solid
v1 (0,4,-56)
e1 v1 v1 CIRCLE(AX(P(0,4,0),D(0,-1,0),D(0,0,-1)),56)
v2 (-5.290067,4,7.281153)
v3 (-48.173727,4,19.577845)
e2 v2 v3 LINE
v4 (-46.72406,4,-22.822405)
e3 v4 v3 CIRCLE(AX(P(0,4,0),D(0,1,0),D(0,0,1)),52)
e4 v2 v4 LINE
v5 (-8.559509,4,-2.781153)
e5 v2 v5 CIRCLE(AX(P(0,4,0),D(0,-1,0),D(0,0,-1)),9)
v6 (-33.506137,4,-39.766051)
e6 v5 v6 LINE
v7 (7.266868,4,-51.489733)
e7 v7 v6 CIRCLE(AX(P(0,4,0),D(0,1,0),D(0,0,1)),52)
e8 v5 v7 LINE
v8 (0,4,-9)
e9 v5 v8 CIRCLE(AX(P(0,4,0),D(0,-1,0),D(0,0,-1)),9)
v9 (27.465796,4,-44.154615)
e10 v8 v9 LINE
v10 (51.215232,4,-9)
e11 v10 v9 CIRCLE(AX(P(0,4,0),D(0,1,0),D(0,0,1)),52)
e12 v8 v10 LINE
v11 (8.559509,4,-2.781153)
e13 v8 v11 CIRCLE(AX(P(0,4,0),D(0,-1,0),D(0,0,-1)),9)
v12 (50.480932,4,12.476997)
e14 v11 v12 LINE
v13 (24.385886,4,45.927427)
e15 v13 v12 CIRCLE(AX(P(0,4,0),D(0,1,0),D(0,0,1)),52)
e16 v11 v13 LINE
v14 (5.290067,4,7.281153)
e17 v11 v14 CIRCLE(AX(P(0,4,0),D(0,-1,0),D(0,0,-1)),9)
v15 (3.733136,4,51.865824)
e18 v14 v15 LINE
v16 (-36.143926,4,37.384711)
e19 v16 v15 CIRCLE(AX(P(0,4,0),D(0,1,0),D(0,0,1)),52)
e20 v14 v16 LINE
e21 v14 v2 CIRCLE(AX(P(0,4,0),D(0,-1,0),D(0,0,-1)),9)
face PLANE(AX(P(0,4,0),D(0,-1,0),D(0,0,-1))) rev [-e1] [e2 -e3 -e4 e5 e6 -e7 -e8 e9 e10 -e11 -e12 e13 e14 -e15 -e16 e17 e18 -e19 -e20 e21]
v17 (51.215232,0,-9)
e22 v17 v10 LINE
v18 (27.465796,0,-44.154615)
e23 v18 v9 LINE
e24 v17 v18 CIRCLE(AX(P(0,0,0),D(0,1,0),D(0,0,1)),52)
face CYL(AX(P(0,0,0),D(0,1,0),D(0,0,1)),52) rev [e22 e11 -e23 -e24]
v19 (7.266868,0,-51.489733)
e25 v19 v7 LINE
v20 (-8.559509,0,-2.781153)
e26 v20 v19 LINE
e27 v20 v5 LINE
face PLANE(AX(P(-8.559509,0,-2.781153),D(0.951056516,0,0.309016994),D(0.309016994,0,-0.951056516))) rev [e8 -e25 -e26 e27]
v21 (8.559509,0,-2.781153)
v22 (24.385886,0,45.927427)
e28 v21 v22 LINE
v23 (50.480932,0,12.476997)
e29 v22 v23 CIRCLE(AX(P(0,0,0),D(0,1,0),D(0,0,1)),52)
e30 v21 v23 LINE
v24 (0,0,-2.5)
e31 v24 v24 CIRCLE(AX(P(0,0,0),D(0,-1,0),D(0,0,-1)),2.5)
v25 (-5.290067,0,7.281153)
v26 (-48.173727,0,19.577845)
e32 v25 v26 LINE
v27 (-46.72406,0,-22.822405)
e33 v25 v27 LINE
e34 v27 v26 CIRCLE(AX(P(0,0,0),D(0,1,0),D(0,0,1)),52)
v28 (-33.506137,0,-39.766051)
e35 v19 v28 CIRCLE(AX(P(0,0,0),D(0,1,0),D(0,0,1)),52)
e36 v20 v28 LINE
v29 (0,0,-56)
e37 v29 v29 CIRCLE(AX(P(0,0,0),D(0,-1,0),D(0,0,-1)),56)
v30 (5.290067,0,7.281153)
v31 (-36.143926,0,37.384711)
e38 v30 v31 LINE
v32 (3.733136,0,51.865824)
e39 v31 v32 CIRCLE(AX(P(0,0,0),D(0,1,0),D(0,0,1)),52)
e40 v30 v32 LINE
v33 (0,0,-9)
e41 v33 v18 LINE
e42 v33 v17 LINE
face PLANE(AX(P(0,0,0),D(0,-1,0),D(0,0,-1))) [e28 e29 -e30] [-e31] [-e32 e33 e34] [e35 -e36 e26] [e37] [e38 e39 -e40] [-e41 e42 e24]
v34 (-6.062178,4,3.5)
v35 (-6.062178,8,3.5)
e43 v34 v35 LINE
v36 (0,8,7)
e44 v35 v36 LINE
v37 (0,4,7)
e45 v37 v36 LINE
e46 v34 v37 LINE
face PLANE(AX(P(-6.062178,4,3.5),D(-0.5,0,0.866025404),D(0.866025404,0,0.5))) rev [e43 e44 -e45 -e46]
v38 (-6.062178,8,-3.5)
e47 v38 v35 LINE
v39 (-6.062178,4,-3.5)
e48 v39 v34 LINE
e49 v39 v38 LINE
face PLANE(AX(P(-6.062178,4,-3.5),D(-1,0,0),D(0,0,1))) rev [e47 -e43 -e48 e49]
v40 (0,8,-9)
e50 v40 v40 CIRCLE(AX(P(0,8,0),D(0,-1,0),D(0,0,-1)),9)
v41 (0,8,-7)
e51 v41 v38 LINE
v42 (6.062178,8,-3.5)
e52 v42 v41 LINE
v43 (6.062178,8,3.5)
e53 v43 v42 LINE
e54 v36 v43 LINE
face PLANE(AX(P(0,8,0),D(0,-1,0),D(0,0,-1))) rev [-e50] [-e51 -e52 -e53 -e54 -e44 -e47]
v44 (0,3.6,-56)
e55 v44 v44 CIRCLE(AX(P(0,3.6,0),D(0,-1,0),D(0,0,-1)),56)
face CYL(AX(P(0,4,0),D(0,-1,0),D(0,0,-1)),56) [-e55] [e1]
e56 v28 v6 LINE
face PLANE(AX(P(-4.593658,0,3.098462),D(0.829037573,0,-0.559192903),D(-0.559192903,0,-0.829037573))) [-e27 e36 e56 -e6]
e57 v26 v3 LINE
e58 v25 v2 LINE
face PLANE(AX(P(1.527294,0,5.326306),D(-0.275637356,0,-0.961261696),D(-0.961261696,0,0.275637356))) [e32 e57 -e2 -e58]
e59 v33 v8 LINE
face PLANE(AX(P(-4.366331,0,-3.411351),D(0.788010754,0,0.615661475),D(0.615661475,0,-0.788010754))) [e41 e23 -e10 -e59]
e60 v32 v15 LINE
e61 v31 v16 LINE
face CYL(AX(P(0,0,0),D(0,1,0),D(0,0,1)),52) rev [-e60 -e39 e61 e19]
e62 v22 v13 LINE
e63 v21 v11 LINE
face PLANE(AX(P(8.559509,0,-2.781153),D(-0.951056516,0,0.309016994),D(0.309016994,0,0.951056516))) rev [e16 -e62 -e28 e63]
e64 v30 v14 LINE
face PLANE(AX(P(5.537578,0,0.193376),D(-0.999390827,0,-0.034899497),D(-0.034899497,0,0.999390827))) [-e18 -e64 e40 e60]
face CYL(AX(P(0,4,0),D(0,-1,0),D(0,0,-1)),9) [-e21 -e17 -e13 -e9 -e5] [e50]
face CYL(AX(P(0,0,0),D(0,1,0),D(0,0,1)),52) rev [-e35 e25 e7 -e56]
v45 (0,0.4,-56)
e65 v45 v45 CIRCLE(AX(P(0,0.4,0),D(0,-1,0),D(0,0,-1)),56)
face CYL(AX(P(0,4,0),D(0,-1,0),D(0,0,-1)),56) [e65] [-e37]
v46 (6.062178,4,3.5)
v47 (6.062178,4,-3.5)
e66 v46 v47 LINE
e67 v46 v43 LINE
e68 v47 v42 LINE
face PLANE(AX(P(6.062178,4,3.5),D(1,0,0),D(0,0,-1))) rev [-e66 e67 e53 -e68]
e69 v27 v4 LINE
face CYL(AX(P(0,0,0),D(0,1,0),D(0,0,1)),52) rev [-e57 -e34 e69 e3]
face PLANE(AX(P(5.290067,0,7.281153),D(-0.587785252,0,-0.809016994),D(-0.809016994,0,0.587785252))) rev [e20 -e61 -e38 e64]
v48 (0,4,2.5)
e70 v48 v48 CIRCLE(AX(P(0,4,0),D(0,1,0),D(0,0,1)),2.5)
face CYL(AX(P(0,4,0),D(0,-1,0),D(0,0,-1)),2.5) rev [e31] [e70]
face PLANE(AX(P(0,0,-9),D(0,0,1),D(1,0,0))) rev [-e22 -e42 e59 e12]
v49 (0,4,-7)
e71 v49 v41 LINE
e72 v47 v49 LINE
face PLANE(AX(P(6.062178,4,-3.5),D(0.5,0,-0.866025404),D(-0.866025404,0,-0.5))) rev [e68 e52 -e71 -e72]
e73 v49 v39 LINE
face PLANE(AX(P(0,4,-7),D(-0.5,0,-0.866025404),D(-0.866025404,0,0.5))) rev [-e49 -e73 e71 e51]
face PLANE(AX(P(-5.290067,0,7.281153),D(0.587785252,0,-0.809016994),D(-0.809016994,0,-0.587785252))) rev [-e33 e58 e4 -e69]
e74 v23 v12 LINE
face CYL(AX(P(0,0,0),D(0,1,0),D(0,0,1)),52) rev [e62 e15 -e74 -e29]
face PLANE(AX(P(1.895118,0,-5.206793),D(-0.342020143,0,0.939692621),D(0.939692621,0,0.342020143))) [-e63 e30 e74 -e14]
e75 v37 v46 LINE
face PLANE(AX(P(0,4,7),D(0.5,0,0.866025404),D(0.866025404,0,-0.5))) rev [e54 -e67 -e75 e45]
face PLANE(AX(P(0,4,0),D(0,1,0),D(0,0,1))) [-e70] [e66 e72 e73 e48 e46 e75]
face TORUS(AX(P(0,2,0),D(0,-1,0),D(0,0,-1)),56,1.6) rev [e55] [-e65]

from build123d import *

# Parameters (mm, degrees)
CUT_EXTRUDE_1_DEPTH = 80.296910406
CUT_EXTRUDE_2_DEPTH = 4


with BuildPart() as part:
    # 草图1 → 旋转1 (revolve)
    with BuildSketch(Plane.XY):
        with BuildLine():
            Line((9, 8), (2.5, 8))
            Line((2.5, 8), (2.5, 0))
            Line((2.5, 0), (56, 0))
            Line((56, 0), (56, 0.4))
            ThreePointArc((56, 0.4), (54.4, 2), (56, 3.6))
            Line((56, 3.6), (56, 4))
            Line((56, 4), (9, 4))
            Line((9, 4), (9, 8))
        make_face()
    revolve(axis=Axis((0, 4, 0), (0, 1, 0)))

    # 草图2 → 切除-拉伸1 (cut, through all)
    with BuildSketch(Plane(origin=(0, 4, 0), x_dir=(1, 0, 0), z_dir=(0, 1, 0))):
        with BuildLine():
            Line((27.465795744, 44.154615434), (0, 9))
            Line((0, 9), (51.215232109, 9))
            ThreePointArc((51.215232109, 9), (43.0887199, 29.109486725), (27.465795744, 44.154615434))
        make_face()
        with BuildLine():
            Line((-8.559508647, 2.781152949), (7.266868446, 51.48973318))
            ThreePointArc((7.266868446, 51.48973318), (-14.369620321, 49.975133935), (-33.506137084, 39.766050567))
            Line((-33.506137084, 39.766050567), (-8.559508647, 2.781152949))
        make_face()
        with BuildLine():
            ThreePointArc((24.385885739, -45.927427282), (40.999913751, -31.984481744), (50.480932382, -12.476997468))
            Line((50.480932382, -12.476997468), (8.559508647, 2.781152949))
            Line((8.559508647, 2.781152949), (24.385885739, -45.927427282))
        make_face()
        with BuildLine():
            Line((-5.290067271, -7.281152949), (-46.724060418, 22.822405177))
            ThreePointArc((-46.724060418, 22.822405177), (-51.969633664, 1.776844639), (-48.173727294, -19.577844585))
            Line((-48.173727294, -19.577844585), (-5.290067271, -7.281152949))
        make_face()
        with BuildLine():
            ThreePointArc((-36.143925877, -37.384711076), (-17.749379666, -48.876983555), (3.733136252, -51.865823947))
            Line((3.733136252, -51.865823947), (5.290067271, -7.281152949))
            Line((5.290067271, -7.281152949), (-36.143925877, -37.384711076))
        make_face()
    extrude(amount=-CUT_EXTRUDE_1_DEPTH, mode=Mode.SUBTRACT)

    # 草图3 → 切除-拉伸2 (cut)
    with BuildSketch(Plane(origin=(0, 8, 0), x_dir=(1, 0, 0), z_dir=(0, 1, 0))):
        Polygon((0, 7), (-6.062177826, 3.5), (-6.062177826, -3.5), (0, -7), (6.062177826, -3.5), (6.062177826, 3.5), align=None)
    extrude(amount=-CUT_EXTRUDE_2_DEPTH, mode=Mode.SUBTRACT)


solid = part.part
